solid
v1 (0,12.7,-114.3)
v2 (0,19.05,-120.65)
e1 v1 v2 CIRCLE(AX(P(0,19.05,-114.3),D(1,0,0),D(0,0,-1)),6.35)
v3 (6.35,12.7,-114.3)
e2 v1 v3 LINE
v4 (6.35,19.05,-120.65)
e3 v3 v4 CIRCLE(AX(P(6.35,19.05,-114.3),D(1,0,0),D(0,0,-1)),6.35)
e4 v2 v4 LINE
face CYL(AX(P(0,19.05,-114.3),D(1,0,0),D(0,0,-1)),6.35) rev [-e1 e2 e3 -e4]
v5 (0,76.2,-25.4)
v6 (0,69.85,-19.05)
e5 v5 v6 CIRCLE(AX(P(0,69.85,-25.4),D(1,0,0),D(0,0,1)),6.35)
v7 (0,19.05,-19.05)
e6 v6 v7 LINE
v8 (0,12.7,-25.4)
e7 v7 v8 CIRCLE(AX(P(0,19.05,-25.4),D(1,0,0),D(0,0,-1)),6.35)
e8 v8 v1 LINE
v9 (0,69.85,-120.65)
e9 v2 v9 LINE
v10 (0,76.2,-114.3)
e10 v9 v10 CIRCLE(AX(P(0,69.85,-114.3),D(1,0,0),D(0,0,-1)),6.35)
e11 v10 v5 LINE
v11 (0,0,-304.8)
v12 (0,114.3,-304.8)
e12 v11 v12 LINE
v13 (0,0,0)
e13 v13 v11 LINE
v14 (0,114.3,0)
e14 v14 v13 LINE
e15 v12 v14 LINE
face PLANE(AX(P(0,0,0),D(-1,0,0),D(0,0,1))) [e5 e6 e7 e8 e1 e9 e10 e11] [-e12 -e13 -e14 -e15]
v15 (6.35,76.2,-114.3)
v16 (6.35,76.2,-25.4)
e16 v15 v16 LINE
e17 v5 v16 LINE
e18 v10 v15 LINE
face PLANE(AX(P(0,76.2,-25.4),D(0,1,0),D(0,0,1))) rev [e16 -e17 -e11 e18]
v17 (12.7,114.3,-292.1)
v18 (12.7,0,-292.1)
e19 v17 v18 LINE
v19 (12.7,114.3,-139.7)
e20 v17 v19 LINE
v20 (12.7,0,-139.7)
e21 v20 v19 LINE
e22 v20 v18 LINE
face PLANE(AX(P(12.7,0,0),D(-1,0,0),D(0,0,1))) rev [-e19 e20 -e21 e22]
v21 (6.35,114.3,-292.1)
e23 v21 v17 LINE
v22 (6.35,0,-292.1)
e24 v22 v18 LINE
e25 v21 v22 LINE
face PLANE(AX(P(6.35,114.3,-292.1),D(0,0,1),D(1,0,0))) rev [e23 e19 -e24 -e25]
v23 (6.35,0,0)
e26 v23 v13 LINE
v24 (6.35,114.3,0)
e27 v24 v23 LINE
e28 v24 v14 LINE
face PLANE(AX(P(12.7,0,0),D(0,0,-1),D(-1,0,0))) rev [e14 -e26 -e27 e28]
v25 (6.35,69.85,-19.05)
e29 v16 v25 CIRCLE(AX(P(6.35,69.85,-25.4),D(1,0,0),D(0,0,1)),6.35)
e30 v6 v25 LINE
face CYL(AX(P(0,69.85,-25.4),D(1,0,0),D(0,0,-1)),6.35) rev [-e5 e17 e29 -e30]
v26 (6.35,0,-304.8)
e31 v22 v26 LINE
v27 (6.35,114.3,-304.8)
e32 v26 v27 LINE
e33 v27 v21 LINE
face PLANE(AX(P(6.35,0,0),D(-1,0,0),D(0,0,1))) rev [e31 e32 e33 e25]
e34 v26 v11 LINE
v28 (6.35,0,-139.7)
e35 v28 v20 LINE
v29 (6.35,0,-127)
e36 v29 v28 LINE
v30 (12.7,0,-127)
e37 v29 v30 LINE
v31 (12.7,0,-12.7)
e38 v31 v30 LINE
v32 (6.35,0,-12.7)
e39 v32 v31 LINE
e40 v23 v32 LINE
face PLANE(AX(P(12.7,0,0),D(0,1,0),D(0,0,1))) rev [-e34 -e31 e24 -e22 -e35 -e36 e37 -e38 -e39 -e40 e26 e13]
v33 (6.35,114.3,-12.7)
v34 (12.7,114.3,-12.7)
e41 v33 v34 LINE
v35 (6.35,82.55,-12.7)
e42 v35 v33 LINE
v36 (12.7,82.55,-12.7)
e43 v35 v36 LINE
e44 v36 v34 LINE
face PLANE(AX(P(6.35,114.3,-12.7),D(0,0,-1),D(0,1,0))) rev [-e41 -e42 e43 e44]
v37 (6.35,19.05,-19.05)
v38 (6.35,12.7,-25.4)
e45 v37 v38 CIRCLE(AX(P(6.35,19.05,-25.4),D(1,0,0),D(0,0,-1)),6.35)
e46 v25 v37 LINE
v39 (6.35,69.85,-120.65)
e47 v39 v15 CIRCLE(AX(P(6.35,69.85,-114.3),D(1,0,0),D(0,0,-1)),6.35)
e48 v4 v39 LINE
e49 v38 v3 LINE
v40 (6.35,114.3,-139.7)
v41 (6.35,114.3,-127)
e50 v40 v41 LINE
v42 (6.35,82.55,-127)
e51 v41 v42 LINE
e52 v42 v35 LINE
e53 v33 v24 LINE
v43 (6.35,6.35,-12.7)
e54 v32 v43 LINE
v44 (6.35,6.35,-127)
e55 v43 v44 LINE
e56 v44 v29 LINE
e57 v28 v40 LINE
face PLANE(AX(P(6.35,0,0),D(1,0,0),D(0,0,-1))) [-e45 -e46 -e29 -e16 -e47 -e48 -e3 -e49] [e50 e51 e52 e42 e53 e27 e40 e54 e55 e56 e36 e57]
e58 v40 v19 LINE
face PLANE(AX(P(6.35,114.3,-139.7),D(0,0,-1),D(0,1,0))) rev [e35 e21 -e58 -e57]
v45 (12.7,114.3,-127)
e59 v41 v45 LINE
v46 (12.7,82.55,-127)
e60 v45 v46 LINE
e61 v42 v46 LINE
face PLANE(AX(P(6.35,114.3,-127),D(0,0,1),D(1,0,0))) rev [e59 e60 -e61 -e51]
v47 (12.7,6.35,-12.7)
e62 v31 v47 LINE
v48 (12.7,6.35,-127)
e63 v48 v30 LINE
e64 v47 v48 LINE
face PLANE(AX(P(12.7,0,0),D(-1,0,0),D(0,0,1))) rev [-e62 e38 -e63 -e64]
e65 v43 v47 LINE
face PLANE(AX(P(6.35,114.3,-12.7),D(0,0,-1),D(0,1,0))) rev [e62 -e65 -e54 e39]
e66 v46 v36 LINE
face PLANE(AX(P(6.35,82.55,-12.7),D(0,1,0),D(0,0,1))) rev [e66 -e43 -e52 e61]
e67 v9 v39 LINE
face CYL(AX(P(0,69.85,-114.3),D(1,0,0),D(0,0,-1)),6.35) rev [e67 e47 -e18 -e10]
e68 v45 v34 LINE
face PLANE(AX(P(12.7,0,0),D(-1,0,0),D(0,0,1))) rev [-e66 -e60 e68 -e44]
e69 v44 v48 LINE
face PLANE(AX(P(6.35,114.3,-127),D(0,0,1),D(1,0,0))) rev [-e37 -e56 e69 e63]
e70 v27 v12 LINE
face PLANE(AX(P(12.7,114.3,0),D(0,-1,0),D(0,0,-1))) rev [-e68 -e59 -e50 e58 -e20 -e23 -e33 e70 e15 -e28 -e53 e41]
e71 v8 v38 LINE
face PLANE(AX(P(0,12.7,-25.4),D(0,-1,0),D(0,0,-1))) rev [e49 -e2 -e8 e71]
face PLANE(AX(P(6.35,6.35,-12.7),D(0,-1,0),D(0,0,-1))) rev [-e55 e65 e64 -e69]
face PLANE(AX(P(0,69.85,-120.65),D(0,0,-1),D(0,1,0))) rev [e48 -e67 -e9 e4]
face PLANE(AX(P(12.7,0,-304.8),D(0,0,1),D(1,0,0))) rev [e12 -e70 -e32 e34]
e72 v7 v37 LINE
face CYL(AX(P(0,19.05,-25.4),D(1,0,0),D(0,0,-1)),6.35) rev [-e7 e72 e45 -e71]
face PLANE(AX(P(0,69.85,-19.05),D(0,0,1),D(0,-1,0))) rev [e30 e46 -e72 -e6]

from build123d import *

# Parameters (mm, degrees)
SKETCH1_W           = 304.8
SKETCH1_H           = 114.3
BOSS_EXTRUDE1_DEPTH = 12.7
SKETCH2_W           = 12.7
SKETCH2_H           = 114.3
CUT_EXTRUDE1_DEPTH  = 6.35
SKETCH3_W           = 114.3
SKETCH3_H           = 76.2
CUT_EXTRUDE2_DEPTH  = 6.35
CUT_EXTRUDE3_DEPTH  = 326.58847108


with BuildPart() as part:
    # Sketch1 → Boss-Extrude1 (new body)
    with BuildSketch(Plane(origin=(0, 0, 0), x_dir=(0, 0, -1), z_dir=(1, 0, 0))):
        with Locations((152.4, 57.15)):
            Rectangle(SKETCH1_W, SKETCH1_H)
    extrude(amount=BOSS_EXTRUDE1_DEPTH)

    # Sketch2 → Cut-Extrude1 (cut)
    with BuildSketch(Plane(origin=(12.7, 0, 0), x_dir=(0, 0, -1), z_dir=(1, 0, 0))):
        with Locations((6.35, 57.15)):
            Rectangle(SKETCH2_W, SKETCH2_H)
        with Locations((298.45, 57.15)):
            Rectangle(SKETCH2_W, SKETCH2_H)
        with Locations((133.35, 57.15)):
            Rectangle(SKETCH2_W, SKETCH2_H)
    extrude(amount=-CUT_EXTRUDE1_DEPTH, mode=Mode.SUBTRACT)

    # Sketch3 → Cut-Extrude2 (cut)
    with BuildSketch(Plane(origin=(12.7, 0, 0), x_dir=(0, 0, -1), z_dir=(1, 0, 0))):
        with Locations((69.85, 44.45)):
            Rectangle(SKETCH3_W, SKETCH3_H)
    extrude(amount=-CUT_EXTRUDE2_DEPTH, mode=Mode.SUBTRACT)

    # Sketch4 → Cut-Extrude3 (cut, through all)
    with BuildSketch(Plane(origin=(6.35, 0, 0), x_dir=(0, 0, -1), z_dir=(1, 0, 0))):
        with BuildLine():
            Line((19.05, 69.85), (19.05, 19.05))
            ThreePointArc((19.05, 19.05), (20.909871939, 14.559871939), (25.4, 12.7))
            Line((25.4, 12.7), (114.3, 12.7))
            ThreePointArc((114.3, 12.7), (118.790128061, 14.559871939), (120.65, 19.05))
            Line((120.65, 19.05), (120.65, 69.85))
            ThreePointArc((120.65, 69.85), (118.790128061, 74.340128061), (114.3, 76.2))
            Line((114.3, 76.2), (25.4, 76.2))
            ThreePointArc((25.4, 76.2), (20.909871939, 74.340128061), (19.05, 69.85))
        make_face()
    extrude(amount=-CUT_EXTRUDE3_DEPTH, mode=Mode.SUBTRACT)


solid = part.part
